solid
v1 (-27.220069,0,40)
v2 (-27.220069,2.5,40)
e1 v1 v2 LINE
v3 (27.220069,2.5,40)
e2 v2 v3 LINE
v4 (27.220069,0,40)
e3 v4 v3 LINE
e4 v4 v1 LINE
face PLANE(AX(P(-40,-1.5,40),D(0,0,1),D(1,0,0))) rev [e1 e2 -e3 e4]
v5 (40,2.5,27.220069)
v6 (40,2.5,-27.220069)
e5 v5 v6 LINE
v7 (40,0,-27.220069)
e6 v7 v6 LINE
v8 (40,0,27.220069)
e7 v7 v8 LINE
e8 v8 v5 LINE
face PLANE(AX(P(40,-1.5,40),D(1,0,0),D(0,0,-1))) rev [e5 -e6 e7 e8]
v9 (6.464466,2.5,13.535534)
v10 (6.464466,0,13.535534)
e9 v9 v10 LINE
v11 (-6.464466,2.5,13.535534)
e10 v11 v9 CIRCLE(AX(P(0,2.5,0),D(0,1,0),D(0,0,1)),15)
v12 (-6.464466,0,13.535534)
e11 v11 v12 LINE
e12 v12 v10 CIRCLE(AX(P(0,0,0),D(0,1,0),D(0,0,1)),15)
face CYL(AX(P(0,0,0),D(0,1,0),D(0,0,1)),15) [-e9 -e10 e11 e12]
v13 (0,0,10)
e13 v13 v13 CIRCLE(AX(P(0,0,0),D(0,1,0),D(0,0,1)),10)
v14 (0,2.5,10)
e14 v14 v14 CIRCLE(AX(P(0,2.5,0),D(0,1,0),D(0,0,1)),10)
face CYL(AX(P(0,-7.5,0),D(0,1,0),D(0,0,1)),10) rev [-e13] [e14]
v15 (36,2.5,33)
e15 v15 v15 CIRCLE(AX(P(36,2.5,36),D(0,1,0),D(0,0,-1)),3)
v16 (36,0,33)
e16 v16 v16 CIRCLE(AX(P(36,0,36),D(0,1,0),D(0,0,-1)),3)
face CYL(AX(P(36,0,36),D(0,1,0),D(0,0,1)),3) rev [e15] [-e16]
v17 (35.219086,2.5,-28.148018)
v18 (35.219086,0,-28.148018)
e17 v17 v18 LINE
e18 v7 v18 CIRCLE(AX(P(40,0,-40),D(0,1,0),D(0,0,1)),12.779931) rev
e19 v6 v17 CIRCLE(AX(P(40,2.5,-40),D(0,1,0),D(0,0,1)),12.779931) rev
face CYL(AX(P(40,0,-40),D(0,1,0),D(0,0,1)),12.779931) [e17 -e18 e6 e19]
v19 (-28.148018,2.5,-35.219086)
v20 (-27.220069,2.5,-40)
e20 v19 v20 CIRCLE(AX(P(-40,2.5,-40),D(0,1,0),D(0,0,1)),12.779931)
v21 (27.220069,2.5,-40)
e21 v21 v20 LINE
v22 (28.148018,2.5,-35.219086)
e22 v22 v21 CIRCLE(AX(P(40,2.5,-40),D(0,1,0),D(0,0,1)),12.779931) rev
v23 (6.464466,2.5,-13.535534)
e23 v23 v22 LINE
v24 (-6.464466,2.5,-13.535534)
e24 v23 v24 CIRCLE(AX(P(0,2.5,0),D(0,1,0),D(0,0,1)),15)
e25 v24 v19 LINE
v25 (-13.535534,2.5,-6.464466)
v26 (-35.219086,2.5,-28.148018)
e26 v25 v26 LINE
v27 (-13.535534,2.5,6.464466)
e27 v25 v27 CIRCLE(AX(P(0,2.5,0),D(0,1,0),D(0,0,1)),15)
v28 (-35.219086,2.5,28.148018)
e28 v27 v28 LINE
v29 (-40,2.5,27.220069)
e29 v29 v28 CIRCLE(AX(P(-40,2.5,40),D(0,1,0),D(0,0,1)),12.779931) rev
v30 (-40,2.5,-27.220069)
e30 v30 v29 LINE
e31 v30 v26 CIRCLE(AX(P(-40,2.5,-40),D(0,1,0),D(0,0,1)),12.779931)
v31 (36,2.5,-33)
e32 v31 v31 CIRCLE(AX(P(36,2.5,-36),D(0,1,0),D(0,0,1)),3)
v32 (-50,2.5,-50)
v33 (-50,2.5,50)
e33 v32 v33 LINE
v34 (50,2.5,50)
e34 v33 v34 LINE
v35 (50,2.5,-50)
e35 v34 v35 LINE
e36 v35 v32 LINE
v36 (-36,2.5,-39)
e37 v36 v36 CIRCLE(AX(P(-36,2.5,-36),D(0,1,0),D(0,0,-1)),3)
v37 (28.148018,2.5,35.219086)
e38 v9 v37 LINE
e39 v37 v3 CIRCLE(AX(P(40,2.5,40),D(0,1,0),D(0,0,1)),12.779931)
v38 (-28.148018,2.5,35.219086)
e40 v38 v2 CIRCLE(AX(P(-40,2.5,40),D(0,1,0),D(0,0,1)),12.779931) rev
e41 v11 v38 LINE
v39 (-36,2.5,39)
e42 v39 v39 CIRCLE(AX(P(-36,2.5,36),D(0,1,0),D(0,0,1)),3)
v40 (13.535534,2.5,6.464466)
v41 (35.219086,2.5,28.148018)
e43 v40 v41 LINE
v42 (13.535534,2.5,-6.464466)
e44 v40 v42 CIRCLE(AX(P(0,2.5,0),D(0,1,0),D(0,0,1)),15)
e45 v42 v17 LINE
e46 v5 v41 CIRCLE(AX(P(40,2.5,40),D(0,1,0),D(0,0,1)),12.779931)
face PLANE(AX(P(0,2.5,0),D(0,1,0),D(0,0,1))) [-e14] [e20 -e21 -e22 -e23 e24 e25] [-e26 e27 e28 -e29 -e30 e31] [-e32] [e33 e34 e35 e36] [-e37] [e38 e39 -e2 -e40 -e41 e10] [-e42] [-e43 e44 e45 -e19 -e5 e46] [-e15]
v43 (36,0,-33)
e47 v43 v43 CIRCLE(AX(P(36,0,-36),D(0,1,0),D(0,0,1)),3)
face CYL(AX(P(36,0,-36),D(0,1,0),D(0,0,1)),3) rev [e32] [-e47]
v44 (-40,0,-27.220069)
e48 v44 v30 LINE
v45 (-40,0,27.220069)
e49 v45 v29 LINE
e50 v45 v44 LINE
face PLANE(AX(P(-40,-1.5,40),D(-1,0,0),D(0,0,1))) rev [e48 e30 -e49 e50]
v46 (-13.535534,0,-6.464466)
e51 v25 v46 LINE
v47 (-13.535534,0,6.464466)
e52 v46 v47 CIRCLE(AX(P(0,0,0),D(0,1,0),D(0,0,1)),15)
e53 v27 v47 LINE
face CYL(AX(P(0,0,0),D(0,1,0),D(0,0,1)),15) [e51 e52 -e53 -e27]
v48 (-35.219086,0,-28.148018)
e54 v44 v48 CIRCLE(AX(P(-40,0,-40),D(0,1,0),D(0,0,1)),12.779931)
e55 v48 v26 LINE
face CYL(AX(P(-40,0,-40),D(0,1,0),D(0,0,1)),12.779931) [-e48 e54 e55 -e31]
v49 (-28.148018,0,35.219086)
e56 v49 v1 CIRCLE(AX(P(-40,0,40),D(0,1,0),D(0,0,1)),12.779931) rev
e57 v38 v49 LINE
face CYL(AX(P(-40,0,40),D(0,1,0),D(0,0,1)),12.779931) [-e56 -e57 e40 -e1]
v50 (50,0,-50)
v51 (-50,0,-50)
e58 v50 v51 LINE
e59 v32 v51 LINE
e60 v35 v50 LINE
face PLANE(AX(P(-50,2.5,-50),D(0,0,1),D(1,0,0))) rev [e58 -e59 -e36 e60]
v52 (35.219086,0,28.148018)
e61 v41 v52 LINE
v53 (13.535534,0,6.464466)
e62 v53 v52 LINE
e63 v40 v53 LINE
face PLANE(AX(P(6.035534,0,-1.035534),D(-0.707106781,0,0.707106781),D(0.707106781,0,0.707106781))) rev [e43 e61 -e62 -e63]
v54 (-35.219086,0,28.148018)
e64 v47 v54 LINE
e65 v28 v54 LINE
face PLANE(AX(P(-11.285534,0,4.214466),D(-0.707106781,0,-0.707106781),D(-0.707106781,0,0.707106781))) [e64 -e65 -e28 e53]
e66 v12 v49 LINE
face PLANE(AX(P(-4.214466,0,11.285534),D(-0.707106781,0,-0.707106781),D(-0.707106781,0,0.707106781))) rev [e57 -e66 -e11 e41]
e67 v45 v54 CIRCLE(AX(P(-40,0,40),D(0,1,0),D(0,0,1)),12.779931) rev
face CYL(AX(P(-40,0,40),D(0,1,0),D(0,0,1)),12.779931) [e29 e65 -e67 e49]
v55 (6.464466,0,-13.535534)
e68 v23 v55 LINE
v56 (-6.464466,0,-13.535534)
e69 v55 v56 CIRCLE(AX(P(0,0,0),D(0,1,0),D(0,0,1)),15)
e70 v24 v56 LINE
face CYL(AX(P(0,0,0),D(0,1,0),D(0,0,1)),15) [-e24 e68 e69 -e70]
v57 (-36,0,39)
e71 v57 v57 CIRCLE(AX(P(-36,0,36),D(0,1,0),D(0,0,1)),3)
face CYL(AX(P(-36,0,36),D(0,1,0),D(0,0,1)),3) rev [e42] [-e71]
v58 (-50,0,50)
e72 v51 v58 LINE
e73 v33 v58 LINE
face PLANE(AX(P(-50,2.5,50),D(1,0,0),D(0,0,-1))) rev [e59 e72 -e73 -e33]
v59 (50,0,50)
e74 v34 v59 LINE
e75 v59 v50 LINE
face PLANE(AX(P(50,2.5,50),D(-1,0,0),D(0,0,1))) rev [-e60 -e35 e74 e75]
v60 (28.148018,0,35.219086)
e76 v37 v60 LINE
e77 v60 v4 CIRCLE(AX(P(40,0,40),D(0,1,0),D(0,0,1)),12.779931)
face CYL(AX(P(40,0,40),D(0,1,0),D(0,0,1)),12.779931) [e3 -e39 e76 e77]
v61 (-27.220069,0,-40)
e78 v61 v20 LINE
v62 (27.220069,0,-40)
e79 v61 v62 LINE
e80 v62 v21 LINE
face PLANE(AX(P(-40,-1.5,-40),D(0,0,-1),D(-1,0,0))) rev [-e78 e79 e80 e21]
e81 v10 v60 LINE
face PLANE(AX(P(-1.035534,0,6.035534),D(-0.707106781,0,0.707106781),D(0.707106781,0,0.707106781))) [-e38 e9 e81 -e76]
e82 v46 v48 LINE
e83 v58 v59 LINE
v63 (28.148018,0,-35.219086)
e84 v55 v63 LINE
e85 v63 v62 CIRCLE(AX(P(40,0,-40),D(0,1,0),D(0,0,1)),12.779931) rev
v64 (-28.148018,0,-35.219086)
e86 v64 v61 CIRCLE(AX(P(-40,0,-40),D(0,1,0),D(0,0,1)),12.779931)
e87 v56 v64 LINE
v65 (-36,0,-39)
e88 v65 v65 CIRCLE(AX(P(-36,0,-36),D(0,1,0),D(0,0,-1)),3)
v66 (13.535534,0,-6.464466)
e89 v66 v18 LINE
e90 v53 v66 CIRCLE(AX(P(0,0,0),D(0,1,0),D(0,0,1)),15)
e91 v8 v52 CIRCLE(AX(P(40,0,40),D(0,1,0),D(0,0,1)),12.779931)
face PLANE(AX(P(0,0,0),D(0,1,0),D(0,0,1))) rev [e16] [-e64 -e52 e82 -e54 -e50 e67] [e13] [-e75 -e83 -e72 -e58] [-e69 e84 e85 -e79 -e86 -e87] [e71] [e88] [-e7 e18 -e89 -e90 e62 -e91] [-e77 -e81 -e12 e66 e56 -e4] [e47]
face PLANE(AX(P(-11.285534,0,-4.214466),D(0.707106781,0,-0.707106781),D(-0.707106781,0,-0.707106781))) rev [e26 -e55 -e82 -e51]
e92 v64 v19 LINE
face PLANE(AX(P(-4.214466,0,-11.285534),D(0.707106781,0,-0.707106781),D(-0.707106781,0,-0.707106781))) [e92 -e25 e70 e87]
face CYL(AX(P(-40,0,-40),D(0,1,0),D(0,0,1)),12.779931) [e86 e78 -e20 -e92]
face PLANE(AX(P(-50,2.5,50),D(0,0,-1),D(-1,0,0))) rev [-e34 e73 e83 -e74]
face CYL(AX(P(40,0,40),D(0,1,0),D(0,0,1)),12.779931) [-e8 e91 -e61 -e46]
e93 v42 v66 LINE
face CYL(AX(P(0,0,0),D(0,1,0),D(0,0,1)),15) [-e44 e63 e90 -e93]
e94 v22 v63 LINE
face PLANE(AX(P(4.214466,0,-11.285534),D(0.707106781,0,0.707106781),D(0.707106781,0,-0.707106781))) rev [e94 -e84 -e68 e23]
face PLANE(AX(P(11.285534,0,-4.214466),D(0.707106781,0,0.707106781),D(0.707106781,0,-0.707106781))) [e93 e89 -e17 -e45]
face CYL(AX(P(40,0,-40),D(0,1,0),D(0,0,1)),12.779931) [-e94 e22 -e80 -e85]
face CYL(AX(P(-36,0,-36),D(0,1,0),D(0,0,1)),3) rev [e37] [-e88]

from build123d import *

# Parameters (mm, degrees)
SKETCH1_W           = 100
SKETCH1_H           = 100
BOSS_EXTRUDE1_DEPTH = 2.5
SKETCH5_W           = 80
SKETCH5_H           = 80
CUT_EXTRUDE2_DEPTH  = 4
SKETCH6_R           = 15
BOSS_EXTRUDE3_DEPTH = 2.5
SKETCH7_W           = 5
SKETCH7_H           = 5
CUT_EXTRUDE3_DEPTH  = 2.5
BOSS_EXTRUDE4_DEPTH = 2.5
EXTRUDE_THIN2_DEPTH = 2.5
SKETCH10_R          = 3
CUT_EXTRUDE5_DEPTH  = 2.5
SKETCH12_R          = 10
CUT_EXTRUDE7_DEPTH  = 10


with BuildPart() as part:
    # Sketch1 → Boss-Extrude1 (new body)
    with BuildSketch(Plane(origin=(0, 0, 0), x_dir=(1, 0, 0), z_dir=(0, 1, 0))):
        Rectangle(SKETCH1_W, SKETCH1_H)
    extrude(amount=BOSS_EXTRUDE1_DEPTH)

    # Sketch5 → Cut-Extrude2 (cut)
    with BuildSketch(Plane(origin=(0, 2.5, 0), x_dir=(1, 0, 0), z_dir=(0, 1, 0))):
        Rectangle(SKETCH5_W, SKETCH5_H)
    extrude(amount=-CUT_EXTRUDE2_DEPTH, mode=Mode.SUBTRACT)

    # Sketch8 → Boss-Extrude4 (add)
    with BuildSketch(Plane(origin=(0, 2.5, 0), x_dir=(1, 0, 0), z_dir=(0, 1, 0))):
        with BuildLine():
            Line((-40, -40), (-27.220069463, -40))
            ThreePointArc((-27.220069463, -40), (-30.963224454, -30.963224454), (-40, -27.220069463))
            Line((-40, -27.220069463), (-40, -40))
        make_face()
        with BuildLine():
            ThreePointArc((-40, 27.220069463), (-30.963224454, 30.963224454), (-27.220069463, 40))
            Line((-27.220069463, 40), (-40, 40))
            Line((-40, 40), (-40, 27.220069463))
        make_face()
        with BuildLine():
            Line((40, 40), (27.220069463, 40))
            ThreePointArc((27.220069463, 40), (30.963224454, 30.963224454), (40, 27.220069463))
            Line((40, 27.220069463), (40, 40))
        make_face()
        with BuildLine():
            ThreePointArc((40, -27.220069463), (30.963224454, -30.963224454), (27.220069463, -40))
            Line((27.220069463, -40), (40, -40))
            Line((40, -40), (40, -27.220069463))
        make_face()
    extrude(amount=-BOSS_EXTRUDE4_DEPTH)



with BuildPart() as body_2:
    # Sketch6 → Boss-Extrude3 (new body)
    with BuildSketch(Plane(origin=(0, 2.5, 0), x_dir=(1, 0, 0), z_dir=(0, 1, 0))):
        with Locations(Location((0, 0, 0), (0, 0, 270))):
            Circle(SKETCH6_R)
    extrude(amount=-BOSS_EXTRUDE3_DEPTH)

    # Sketch7 → Cut-Extrude3 (cut)
    with BuildSketch(Plane(origin=(0, 2.5, 0), x_dir=(1, 0, 0), z_dir=(0, 1, 0))):
        Rectangle(SKETCH7_W, SKETCH7_H)
    extrude(amount=-CUT_EXTRUDE3_DEPTH, mode=Mode.SUBTRACT)


with BuildPart() as part_1:
    add(part.part)

    add(body_2.part)  # Extrude-Thin2 merges body 2
    # Sketch9 → Extrude-Thin2 (add)
    with BuildSketch(Plane(origin=(0, 2.5, 0), x_dir=(1, 0, 0), z_dir=(0, 1, 0))):
        Polygon((-1.035533906, -6.035533906), (34.46870341, -41.539771222), (41.539771222, -34.46870341), (6.035533906, 1.035533906), align=None)
        Polygon((-11.285533906, -4.214466094), (-41.539771222, -34.46870341), (-34.46870341, -41.539771222), (-4.214466094, -11.285533906), align=None)
        Polygon((11.285533906, 4.214466094), (41.539771222, 34.46870341), (34.46870341, 41.539771222), (4.214466094, 11.285533906), align=None)
        Polygon((-4.214466094, 11.285533906), (-34.46870341, 41.539771222), (-41.539771222, 34.46870341), (-11.285533906, 4.214466094), align=None)
    extrude(amount=-EXTRUDE_THIN2_DEPTH)

    # Sketch10 → Cut-Extrude5 (cut)
    with BuildSketch(Plane(origin=(0, 2.5, 0), x_dir=(1, 0, 0), z_dir=(0, 1, 0))):
        with Locations(Location((36, 36, 0), (0, 0, 270))):
            Circle(SKETCH10_R)
        with Locations(Location((-36, 36, 0), (0, 0, 90))):
            Circle(SKETCH10_R)
        with Locations(Location((36, -36, 0), (0, 0, 90))):
            Circle(SKETCH10_R)
        with Locations(Location((-36, -36, 0), (0, 0, 270))):
            Circle(SKETCH10_R)
    extrude(amount=-CUT_EXTRUDE5_DEPTH, mode=Mode.SUBTRACT)

    # Sketch12 → Cut-Extrude7 (cut)
    with BuildSketch(Plane(origin=(0, 2.5, 0), x_dir=(1, 0, 0), z_dir=(0, 1, 0))):
        with Locations(Location((0, 0, 0), (0, 0, 270))):
            Circle(SKETCH12_R)
    extrude(amount=-CUT_EXTRUDE7_DEPTH, mode=Mode.SUBTRACT)


solid = part_1.part
